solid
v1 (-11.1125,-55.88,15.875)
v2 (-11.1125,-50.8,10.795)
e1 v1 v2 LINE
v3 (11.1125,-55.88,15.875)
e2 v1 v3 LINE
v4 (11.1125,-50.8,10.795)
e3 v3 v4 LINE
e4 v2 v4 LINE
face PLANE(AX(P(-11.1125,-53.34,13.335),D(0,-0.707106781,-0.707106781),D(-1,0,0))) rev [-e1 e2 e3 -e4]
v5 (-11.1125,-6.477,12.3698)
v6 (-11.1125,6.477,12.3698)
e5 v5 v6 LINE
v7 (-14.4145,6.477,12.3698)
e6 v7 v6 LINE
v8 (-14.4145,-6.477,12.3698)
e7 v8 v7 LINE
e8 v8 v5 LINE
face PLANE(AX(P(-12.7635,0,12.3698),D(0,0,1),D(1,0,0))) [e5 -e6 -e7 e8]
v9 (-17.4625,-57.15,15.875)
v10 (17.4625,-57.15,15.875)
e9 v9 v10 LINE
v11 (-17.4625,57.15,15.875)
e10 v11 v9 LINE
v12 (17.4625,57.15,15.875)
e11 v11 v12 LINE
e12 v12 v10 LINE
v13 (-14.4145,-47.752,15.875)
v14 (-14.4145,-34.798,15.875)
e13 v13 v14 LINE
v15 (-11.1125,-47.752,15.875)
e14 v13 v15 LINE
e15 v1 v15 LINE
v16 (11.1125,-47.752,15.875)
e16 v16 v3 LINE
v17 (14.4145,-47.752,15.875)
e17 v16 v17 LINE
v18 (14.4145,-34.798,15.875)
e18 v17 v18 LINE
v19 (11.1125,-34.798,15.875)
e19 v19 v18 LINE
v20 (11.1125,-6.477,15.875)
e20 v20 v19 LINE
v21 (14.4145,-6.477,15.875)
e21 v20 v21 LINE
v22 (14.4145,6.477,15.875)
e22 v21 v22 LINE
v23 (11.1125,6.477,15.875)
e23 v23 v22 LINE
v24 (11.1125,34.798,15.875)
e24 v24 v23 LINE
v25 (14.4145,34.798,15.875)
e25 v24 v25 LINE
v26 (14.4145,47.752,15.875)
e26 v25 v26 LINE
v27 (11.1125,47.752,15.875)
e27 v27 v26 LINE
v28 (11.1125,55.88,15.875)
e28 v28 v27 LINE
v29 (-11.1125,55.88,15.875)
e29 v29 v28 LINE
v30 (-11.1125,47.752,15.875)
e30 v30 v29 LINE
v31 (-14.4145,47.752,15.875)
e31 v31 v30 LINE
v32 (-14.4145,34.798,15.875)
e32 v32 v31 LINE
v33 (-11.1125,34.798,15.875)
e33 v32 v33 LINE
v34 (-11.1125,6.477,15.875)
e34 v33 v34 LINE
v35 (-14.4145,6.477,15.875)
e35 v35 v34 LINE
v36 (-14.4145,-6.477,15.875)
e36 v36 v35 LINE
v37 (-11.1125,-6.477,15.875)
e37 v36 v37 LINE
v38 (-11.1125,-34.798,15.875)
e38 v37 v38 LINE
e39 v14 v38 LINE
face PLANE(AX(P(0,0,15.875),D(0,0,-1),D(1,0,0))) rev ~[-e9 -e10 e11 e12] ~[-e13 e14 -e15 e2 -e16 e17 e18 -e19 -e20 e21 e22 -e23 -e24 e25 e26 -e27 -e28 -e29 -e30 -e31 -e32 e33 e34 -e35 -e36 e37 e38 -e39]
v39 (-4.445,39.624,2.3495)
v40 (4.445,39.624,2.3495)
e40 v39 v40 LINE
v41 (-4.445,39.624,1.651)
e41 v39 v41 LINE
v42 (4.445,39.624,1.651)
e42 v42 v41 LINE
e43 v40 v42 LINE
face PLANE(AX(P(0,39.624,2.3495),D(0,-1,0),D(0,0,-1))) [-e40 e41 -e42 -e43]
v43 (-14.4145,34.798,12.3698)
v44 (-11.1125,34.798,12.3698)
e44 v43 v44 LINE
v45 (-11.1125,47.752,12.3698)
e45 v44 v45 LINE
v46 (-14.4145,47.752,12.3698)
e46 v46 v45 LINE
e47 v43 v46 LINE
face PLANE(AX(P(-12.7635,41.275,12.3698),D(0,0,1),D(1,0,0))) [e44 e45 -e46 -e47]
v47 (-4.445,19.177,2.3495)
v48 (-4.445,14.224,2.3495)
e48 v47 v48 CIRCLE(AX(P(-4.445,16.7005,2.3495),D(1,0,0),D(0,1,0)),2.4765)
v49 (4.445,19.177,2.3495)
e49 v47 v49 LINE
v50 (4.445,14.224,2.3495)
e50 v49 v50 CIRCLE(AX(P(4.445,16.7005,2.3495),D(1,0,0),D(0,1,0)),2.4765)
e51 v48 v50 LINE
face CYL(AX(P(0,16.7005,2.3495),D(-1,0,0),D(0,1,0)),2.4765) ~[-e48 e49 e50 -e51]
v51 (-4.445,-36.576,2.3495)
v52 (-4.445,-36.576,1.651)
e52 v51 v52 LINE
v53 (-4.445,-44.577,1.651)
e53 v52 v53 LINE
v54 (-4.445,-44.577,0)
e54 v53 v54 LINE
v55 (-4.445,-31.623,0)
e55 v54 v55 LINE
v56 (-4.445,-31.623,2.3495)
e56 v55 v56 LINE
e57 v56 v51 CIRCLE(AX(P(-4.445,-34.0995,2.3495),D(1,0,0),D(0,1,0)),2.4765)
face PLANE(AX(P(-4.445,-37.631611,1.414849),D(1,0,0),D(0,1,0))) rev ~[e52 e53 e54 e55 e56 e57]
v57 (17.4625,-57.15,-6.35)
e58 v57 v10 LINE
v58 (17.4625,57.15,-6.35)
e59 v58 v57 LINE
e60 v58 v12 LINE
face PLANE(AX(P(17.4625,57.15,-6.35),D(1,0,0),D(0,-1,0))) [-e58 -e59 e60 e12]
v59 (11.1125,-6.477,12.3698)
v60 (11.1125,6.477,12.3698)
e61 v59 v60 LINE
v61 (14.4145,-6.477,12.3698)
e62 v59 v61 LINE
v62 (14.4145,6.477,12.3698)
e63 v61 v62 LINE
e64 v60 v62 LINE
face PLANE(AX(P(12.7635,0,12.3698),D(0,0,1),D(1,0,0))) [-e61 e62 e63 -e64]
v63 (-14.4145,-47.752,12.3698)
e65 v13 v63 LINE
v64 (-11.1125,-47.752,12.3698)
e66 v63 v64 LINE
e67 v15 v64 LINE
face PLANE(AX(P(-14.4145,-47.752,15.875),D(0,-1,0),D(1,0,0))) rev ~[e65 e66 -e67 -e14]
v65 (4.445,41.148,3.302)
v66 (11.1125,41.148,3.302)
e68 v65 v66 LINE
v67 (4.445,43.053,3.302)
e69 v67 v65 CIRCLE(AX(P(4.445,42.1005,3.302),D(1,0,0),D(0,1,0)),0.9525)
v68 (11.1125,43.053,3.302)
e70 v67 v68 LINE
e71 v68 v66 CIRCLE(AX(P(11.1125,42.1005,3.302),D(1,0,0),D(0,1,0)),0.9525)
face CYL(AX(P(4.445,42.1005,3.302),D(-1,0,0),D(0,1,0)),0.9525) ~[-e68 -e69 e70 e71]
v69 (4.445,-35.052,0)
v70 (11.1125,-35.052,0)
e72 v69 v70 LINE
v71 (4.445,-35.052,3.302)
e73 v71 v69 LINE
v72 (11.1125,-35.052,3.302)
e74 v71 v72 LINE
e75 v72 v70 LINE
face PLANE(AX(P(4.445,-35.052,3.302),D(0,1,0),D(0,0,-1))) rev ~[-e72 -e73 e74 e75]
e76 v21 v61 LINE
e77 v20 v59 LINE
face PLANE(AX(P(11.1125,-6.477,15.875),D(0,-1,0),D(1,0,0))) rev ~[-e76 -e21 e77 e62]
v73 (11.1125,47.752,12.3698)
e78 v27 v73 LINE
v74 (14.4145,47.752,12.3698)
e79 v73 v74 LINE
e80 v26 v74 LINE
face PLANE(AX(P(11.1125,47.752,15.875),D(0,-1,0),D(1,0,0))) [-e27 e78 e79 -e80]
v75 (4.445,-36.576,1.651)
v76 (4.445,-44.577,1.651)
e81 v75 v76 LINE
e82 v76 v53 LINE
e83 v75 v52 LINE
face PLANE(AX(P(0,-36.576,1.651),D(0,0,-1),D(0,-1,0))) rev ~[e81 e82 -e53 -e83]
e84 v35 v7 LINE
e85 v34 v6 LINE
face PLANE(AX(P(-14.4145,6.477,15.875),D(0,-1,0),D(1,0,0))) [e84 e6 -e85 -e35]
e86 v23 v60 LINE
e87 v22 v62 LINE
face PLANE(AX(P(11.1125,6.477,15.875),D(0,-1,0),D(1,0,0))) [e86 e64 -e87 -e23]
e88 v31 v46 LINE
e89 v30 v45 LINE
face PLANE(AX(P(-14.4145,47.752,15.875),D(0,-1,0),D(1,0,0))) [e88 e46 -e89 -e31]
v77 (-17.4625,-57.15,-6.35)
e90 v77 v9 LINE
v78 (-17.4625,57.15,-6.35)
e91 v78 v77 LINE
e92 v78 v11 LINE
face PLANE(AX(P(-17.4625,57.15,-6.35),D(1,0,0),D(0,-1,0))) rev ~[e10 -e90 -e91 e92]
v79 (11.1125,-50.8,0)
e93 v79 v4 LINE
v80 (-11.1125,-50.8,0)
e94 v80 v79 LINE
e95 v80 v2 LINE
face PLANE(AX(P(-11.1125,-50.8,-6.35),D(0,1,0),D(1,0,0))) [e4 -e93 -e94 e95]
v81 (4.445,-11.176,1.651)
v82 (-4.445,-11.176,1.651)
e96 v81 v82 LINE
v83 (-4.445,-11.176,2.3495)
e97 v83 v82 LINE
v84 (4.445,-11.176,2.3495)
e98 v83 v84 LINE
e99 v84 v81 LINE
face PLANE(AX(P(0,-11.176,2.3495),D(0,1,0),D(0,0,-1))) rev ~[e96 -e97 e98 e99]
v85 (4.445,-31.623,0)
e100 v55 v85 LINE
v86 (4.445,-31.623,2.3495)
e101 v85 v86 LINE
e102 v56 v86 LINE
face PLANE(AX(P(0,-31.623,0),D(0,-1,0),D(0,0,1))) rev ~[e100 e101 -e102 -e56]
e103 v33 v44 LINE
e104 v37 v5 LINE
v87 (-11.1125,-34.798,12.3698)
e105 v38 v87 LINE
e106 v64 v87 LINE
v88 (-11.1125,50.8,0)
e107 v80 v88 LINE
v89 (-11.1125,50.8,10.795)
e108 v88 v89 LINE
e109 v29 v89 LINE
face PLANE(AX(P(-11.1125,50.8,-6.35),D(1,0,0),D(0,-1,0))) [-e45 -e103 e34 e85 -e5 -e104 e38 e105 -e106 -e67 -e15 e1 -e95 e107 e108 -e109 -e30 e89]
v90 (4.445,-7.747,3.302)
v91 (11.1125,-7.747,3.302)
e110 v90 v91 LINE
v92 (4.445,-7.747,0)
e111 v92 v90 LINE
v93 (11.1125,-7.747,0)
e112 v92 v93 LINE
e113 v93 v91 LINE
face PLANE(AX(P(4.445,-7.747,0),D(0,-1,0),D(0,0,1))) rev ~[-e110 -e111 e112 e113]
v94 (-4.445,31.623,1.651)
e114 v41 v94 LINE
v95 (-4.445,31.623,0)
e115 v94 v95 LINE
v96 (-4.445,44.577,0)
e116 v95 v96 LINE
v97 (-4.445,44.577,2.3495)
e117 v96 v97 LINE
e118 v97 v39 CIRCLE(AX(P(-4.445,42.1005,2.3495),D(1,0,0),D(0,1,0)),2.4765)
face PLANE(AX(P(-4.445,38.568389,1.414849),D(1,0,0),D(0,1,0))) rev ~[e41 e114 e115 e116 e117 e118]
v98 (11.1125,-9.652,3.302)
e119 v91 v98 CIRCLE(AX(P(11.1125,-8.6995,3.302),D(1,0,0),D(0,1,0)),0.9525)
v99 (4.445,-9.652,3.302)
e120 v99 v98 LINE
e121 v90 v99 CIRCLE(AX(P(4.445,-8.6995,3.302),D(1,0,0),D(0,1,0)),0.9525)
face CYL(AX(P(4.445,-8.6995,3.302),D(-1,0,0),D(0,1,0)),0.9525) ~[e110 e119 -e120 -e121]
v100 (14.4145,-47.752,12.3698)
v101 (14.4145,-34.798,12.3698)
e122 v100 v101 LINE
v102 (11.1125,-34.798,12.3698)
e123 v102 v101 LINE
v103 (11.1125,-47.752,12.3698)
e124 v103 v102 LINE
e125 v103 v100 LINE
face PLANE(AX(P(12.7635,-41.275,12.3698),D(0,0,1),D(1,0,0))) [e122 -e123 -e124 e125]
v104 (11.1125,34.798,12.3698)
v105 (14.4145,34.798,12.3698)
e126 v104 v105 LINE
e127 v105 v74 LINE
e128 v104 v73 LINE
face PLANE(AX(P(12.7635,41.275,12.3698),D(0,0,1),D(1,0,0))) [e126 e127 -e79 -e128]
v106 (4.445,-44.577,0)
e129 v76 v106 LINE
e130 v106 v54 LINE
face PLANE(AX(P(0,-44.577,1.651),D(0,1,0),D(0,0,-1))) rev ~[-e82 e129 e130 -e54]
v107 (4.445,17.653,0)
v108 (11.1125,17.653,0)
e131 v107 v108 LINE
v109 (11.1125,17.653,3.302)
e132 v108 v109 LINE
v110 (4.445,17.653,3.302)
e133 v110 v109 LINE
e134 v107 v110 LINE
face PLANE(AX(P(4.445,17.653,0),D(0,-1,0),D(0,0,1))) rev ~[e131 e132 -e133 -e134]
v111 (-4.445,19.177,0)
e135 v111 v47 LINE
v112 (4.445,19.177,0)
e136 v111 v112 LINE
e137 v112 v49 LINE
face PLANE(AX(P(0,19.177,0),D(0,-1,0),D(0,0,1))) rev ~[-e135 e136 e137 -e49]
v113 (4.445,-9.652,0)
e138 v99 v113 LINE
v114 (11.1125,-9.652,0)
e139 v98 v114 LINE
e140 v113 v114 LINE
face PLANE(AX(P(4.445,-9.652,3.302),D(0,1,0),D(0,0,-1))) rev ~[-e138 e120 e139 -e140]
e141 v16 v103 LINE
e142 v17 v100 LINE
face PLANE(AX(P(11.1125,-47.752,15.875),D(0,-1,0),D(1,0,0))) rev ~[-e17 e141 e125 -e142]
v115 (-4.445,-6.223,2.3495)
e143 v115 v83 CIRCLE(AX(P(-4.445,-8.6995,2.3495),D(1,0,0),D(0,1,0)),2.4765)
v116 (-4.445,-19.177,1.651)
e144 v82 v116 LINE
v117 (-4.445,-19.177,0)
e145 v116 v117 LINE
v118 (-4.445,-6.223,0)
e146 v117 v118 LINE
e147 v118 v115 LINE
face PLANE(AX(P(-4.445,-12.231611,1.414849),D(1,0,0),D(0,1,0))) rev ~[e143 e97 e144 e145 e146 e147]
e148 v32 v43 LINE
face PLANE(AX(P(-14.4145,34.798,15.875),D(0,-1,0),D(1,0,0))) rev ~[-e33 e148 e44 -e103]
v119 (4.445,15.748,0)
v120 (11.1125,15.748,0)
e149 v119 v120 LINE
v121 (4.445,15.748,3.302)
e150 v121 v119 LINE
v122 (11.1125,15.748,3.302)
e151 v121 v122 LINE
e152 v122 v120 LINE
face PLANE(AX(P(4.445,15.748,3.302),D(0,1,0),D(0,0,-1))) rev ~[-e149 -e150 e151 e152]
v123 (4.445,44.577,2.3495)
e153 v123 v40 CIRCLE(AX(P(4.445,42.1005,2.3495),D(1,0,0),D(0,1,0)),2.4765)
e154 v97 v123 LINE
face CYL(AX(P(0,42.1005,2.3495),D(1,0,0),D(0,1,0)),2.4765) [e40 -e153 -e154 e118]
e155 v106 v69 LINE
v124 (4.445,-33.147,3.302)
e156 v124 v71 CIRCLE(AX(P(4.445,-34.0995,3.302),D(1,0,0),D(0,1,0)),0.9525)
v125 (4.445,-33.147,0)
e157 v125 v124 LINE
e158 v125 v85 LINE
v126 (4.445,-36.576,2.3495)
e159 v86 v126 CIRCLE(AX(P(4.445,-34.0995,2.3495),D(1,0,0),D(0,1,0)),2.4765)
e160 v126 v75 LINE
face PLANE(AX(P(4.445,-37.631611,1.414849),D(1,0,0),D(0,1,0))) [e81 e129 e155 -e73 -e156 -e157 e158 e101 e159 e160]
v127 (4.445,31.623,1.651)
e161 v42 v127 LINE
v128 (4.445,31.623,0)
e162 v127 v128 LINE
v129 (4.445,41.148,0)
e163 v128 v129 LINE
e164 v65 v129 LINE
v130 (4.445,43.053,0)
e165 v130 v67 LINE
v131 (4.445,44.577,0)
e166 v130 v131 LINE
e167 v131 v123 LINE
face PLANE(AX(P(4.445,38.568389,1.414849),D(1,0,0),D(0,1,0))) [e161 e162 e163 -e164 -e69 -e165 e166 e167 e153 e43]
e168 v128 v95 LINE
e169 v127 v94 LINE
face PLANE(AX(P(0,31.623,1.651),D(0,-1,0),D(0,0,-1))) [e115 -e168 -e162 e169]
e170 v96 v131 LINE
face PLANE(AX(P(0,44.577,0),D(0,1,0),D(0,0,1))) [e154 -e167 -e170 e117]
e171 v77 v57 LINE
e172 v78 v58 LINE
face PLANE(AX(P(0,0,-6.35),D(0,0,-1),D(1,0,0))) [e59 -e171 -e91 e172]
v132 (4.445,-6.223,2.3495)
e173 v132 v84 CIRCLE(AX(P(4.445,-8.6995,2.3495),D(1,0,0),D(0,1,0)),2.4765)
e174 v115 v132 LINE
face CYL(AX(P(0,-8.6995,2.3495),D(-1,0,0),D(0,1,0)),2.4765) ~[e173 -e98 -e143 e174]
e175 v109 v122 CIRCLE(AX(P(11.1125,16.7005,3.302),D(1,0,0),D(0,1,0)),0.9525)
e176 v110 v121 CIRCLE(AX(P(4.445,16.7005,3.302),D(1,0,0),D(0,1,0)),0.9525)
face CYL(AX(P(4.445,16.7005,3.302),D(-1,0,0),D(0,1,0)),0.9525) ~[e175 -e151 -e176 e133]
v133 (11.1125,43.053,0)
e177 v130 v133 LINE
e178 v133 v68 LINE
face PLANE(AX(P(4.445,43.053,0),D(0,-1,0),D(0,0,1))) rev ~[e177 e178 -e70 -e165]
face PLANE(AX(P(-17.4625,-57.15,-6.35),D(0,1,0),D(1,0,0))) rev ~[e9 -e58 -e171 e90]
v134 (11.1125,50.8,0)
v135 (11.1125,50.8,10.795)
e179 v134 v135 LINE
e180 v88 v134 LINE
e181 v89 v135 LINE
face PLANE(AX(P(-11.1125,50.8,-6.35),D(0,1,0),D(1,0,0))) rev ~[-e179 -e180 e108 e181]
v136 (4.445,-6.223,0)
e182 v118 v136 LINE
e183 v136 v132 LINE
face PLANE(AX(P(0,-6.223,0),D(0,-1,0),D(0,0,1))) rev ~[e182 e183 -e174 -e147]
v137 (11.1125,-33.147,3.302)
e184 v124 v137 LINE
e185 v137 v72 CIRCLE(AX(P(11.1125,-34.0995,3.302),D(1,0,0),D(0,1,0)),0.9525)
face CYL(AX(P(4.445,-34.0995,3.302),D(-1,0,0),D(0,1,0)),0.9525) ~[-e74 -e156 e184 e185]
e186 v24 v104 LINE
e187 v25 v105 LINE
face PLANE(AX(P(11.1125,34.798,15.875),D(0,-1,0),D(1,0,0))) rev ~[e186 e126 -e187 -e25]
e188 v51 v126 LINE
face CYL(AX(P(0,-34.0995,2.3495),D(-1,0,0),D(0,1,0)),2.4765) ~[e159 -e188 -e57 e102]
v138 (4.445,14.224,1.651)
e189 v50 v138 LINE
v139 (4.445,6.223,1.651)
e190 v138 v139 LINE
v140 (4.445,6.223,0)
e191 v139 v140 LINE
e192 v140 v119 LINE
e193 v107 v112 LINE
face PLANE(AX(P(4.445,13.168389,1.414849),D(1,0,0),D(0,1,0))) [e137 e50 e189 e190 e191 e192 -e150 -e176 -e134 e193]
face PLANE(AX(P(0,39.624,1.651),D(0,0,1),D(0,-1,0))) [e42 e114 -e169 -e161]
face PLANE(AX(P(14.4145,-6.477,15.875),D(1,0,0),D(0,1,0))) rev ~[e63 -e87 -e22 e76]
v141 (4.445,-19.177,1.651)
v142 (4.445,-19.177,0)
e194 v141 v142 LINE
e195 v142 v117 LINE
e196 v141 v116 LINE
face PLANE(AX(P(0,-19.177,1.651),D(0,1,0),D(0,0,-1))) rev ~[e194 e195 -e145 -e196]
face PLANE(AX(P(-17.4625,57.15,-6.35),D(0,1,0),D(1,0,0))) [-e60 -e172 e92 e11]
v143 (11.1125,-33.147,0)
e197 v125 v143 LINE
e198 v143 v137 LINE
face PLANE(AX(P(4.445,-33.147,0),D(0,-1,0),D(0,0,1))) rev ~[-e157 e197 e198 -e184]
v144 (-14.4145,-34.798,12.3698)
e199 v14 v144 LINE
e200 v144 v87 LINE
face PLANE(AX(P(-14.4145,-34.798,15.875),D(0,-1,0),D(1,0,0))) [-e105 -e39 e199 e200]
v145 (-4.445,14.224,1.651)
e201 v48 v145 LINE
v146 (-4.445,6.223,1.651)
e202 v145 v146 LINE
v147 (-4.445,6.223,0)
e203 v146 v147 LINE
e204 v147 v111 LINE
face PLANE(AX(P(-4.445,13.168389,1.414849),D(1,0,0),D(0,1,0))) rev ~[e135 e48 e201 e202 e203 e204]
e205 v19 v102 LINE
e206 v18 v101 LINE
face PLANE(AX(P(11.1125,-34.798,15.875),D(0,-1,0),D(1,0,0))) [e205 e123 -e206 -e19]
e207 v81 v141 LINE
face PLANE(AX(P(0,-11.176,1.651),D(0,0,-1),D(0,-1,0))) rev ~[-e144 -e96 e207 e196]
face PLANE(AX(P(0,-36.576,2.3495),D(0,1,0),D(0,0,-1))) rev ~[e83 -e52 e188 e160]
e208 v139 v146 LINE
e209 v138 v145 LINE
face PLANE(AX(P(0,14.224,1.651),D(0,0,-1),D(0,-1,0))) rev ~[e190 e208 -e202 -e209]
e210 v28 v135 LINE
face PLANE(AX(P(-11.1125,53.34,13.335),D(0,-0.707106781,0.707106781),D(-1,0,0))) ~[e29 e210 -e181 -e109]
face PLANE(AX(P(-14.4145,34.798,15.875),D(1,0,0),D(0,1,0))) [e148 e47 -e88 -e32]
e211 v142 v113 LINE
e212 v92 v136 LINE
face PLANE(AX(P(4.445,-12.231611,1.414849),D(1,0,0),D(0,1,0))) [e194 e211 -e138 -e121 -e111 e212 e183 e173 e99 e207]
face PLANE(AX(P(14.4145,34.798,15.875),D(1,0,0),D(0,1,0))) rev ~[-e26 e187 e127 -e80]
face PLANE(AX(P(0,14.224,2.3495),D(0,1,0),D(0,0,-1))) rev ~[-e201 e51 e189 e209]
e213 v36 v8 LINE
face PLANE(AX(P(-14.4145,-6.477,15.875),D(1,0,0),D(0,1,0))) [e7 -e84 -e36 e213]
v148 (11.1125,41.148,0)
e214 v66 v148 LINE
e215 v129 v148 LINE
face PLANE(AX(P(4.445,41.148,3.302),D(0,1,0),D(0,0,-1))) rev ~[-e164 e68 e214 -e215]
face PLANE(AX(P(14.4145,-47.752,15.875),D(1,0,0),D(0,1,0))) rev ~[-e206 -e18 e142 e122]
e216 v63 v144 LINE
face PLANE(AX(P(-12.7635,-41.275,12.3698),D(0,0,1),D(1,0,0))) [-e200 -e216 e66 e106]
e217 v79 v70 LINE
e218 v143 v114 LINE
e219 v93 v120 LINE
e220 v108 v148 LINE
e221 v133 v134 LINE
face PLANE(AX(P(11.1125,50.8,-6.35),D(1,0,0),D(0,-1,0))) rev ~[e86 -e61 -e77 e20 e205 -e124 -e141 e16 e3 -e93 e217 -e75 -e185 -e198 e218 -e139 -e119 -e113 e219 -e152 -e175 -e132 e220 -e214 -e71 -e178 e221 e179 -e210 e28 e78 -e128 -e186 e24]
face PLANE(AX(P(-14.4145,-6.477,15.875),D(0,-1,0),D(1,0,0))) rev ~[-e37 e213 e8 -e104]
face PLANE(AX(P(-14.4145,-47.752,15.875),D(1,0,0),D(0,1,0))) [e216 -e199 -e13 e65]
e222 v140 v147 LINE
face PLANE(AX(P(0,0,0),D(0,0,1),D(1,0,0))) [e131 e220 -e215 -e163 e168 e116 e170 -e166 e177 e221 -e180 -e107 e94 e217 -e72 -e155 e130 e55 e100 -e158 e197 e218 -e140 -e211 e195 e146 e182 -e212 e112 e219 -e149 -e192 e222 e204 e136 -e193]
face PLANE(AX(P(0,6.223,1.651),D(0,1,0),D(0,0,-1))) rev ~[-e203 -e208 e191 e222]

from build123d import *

# Parameters (mm, degrees)
F0_W     = 22.225
F0_H     = 101.6
F1_DEPTH = 6.35
F3_DEPTH = 4.445
F5_DEPTH = 6.6675
F6_W     = 34.925
F6_H     = 114.3
F6_W_2   = 22.225
F6_H_2   = 101.6
F7_DEPTH = 22.225
F8_W     = 3.302
F8_H     = 12.954
F9_DEPTH = 3.5052
F10_SIZE = 5.08


with BuildPart() as f1:
    # F0 (on Top) → F1 (new body)
    with BuildSketch(Plane.XY):
        Rectangle(F0_W, F0_H)
    extrude(amount=-F1_DEPTH)

    # F2 (on Right) → F3 (join, symmetric)
    with BuildSketch(Plane.YZ):
        with BuildLine():
            Line((-44.577, 0), (-31.623, 0))
            Line((-31.623, 0), (-31.623, 2.3495))
            ThreePointArc((-31.623, 2.3495), (-34.0995, 4.826), (-36.576, 2.3495))
            Line((-36.576, 2.3495), (-36.576, 1.651))
            Line((-36.576, 1.651), (-44.577, 1.651))
            Line((-44.577, 1.651), (-44.577, 0))
        make_face()
        with BuildLine():
            Line((-19.177, 0), (-6.223, 0))
            Line((-6.223, 0), (-6.223, 2.3495))
            ThreePointArc((-6.223, 2.3495), (-8.6995, 4.826), (-11.176, 2.3495))
            Line((-11.176, 2.3495), (-11.176, 1.651))
            Line((-11.176, 1.651), (-19.177, 1.651))
            Line((-19.177, 1.651), (-19.177, 0))
        make_face()
        with BuildLine():
            Line((6.223, 0), (19.177, 0))
            Line((19.177, 0), (19.177, 2.3495))
            ThreePointArc((19.177, 2.3495), (16.7005, 4.826), (14.224, 2.3495))
            Line((14.224, 2.3495), (14.224, 1.651))
            Line((14.224, 1.651), (6.223, 1.651))
            Line((6.223, 1.651), (6.223, 0))
        make_face()
        with BuildLine():
            Line((31.623, 0), (44.577, 0))
            Line((44.577, 0), (44.577, 2.3495))
            ThreePointArc((44.577, 2.3495), (42.1005, 4.826), (39.624, 2.3495))
            Line((39.624, 2.3495), (39.624, 1.651))
            Line((39.624, 1.651), (31.623, 1.651))
            Line((31.623, 1.651), (31.623, 0))
        make_face()
    extrude(amount=F3_DEPTH, both=True)

    # F4 (on face) → F5 (join, through all)
    with BuildSketch(Plane.YZ.offset(4.445)):
        with BuildLine():
            ThreePointArc((-33.147, 3.302), (-34.0995, 4.2545), (-35.052, 3.302))
            Line((-35.052, 3.302), (-35.052, 0))
            Line((-35.052, 0), (-33.147, 0))
            Line((-33.147, 0), (-33.147, 3.302))
        make_face()
        with BuildLine():
            Line((-9.652, 3.302), (-9.652, 0))
            Line((-9.652, 0), (-7.747, 0))
            Line((-7.747, 0), (-7.747, 3.302))
            ThreePointArc((-7.747, 3.302), (-8.6995, 4.2545), (-9.652, 3.302))
        make_face()
        with BuildLine():
            Line((15.748, 3.302), (15.748, 0))
            Line((15.748, 0), (17.653, 0))
            Line((17.653, 0), (17.653, 3.302))
            ThreePointArc((17.653, 3.302), (16.7005, 4.2545), (15.748, 3.302))
        make_face()
        with BuildLine():
            Line((41.148, 3.302), (41.148, 0))
            Line((41.148, 0), (43.053, 0))
            Line((43.053, 0), (43.053, 3.302))
            ThreePointArc((43.053, 3.302), (42.1005, 4.2545), (41.148, 3.302))
        make_face()
    extrude(amount=F5_DEPTH)

    # F6 (on face) → F7 (join)
    with BuildSketch(Plane(origin=(0, 0, -6.35), x_dir=(1, 0, 0), z_dir=(0, 0, -1))):
        Rectangle(F6_W, F6_H)
        Rectangle(F6_W_2, F6_H_2, mode=Mode.SUBTRACT)
    extrude(amount=-F7_DEPTH)

    # F8 (on face) → F9 (cut)
    with BuildSketch(Plane.XY.offset(15.875)):
        with Locations((-12.7635, 41.275)):
            Rectangle(F8_W, F8_H)
        with Locations((-12.7635, 0)):
            Rectangle(F8_W, F8_H)
        with Locations((-12.7635, -41.275)):
            Rectangle(F8_W, F8_H)
        with Locations((12.7635, 41.275)):
            Rectangle(F8_W, F8_H)
        with Locations((12.7635, 0)):
            Rectangle(F8_W, F8_H)
        with Locations((12.7635, -41.275)):
            Rectangle(F8_W, F8_H)
    extrude(amount=-F9_DEPTH, mode=Mode.SUBTRACT)

    # F10
    f10_edges = [f1.edges().sort_by_distance(p)[0] for p in [
        (0, 50.8, 15.875),
        (0, -50.8, 15.875),
    ]]
    chamfer(f10_edges, length=F10_SIZE)


solid = f1.part
